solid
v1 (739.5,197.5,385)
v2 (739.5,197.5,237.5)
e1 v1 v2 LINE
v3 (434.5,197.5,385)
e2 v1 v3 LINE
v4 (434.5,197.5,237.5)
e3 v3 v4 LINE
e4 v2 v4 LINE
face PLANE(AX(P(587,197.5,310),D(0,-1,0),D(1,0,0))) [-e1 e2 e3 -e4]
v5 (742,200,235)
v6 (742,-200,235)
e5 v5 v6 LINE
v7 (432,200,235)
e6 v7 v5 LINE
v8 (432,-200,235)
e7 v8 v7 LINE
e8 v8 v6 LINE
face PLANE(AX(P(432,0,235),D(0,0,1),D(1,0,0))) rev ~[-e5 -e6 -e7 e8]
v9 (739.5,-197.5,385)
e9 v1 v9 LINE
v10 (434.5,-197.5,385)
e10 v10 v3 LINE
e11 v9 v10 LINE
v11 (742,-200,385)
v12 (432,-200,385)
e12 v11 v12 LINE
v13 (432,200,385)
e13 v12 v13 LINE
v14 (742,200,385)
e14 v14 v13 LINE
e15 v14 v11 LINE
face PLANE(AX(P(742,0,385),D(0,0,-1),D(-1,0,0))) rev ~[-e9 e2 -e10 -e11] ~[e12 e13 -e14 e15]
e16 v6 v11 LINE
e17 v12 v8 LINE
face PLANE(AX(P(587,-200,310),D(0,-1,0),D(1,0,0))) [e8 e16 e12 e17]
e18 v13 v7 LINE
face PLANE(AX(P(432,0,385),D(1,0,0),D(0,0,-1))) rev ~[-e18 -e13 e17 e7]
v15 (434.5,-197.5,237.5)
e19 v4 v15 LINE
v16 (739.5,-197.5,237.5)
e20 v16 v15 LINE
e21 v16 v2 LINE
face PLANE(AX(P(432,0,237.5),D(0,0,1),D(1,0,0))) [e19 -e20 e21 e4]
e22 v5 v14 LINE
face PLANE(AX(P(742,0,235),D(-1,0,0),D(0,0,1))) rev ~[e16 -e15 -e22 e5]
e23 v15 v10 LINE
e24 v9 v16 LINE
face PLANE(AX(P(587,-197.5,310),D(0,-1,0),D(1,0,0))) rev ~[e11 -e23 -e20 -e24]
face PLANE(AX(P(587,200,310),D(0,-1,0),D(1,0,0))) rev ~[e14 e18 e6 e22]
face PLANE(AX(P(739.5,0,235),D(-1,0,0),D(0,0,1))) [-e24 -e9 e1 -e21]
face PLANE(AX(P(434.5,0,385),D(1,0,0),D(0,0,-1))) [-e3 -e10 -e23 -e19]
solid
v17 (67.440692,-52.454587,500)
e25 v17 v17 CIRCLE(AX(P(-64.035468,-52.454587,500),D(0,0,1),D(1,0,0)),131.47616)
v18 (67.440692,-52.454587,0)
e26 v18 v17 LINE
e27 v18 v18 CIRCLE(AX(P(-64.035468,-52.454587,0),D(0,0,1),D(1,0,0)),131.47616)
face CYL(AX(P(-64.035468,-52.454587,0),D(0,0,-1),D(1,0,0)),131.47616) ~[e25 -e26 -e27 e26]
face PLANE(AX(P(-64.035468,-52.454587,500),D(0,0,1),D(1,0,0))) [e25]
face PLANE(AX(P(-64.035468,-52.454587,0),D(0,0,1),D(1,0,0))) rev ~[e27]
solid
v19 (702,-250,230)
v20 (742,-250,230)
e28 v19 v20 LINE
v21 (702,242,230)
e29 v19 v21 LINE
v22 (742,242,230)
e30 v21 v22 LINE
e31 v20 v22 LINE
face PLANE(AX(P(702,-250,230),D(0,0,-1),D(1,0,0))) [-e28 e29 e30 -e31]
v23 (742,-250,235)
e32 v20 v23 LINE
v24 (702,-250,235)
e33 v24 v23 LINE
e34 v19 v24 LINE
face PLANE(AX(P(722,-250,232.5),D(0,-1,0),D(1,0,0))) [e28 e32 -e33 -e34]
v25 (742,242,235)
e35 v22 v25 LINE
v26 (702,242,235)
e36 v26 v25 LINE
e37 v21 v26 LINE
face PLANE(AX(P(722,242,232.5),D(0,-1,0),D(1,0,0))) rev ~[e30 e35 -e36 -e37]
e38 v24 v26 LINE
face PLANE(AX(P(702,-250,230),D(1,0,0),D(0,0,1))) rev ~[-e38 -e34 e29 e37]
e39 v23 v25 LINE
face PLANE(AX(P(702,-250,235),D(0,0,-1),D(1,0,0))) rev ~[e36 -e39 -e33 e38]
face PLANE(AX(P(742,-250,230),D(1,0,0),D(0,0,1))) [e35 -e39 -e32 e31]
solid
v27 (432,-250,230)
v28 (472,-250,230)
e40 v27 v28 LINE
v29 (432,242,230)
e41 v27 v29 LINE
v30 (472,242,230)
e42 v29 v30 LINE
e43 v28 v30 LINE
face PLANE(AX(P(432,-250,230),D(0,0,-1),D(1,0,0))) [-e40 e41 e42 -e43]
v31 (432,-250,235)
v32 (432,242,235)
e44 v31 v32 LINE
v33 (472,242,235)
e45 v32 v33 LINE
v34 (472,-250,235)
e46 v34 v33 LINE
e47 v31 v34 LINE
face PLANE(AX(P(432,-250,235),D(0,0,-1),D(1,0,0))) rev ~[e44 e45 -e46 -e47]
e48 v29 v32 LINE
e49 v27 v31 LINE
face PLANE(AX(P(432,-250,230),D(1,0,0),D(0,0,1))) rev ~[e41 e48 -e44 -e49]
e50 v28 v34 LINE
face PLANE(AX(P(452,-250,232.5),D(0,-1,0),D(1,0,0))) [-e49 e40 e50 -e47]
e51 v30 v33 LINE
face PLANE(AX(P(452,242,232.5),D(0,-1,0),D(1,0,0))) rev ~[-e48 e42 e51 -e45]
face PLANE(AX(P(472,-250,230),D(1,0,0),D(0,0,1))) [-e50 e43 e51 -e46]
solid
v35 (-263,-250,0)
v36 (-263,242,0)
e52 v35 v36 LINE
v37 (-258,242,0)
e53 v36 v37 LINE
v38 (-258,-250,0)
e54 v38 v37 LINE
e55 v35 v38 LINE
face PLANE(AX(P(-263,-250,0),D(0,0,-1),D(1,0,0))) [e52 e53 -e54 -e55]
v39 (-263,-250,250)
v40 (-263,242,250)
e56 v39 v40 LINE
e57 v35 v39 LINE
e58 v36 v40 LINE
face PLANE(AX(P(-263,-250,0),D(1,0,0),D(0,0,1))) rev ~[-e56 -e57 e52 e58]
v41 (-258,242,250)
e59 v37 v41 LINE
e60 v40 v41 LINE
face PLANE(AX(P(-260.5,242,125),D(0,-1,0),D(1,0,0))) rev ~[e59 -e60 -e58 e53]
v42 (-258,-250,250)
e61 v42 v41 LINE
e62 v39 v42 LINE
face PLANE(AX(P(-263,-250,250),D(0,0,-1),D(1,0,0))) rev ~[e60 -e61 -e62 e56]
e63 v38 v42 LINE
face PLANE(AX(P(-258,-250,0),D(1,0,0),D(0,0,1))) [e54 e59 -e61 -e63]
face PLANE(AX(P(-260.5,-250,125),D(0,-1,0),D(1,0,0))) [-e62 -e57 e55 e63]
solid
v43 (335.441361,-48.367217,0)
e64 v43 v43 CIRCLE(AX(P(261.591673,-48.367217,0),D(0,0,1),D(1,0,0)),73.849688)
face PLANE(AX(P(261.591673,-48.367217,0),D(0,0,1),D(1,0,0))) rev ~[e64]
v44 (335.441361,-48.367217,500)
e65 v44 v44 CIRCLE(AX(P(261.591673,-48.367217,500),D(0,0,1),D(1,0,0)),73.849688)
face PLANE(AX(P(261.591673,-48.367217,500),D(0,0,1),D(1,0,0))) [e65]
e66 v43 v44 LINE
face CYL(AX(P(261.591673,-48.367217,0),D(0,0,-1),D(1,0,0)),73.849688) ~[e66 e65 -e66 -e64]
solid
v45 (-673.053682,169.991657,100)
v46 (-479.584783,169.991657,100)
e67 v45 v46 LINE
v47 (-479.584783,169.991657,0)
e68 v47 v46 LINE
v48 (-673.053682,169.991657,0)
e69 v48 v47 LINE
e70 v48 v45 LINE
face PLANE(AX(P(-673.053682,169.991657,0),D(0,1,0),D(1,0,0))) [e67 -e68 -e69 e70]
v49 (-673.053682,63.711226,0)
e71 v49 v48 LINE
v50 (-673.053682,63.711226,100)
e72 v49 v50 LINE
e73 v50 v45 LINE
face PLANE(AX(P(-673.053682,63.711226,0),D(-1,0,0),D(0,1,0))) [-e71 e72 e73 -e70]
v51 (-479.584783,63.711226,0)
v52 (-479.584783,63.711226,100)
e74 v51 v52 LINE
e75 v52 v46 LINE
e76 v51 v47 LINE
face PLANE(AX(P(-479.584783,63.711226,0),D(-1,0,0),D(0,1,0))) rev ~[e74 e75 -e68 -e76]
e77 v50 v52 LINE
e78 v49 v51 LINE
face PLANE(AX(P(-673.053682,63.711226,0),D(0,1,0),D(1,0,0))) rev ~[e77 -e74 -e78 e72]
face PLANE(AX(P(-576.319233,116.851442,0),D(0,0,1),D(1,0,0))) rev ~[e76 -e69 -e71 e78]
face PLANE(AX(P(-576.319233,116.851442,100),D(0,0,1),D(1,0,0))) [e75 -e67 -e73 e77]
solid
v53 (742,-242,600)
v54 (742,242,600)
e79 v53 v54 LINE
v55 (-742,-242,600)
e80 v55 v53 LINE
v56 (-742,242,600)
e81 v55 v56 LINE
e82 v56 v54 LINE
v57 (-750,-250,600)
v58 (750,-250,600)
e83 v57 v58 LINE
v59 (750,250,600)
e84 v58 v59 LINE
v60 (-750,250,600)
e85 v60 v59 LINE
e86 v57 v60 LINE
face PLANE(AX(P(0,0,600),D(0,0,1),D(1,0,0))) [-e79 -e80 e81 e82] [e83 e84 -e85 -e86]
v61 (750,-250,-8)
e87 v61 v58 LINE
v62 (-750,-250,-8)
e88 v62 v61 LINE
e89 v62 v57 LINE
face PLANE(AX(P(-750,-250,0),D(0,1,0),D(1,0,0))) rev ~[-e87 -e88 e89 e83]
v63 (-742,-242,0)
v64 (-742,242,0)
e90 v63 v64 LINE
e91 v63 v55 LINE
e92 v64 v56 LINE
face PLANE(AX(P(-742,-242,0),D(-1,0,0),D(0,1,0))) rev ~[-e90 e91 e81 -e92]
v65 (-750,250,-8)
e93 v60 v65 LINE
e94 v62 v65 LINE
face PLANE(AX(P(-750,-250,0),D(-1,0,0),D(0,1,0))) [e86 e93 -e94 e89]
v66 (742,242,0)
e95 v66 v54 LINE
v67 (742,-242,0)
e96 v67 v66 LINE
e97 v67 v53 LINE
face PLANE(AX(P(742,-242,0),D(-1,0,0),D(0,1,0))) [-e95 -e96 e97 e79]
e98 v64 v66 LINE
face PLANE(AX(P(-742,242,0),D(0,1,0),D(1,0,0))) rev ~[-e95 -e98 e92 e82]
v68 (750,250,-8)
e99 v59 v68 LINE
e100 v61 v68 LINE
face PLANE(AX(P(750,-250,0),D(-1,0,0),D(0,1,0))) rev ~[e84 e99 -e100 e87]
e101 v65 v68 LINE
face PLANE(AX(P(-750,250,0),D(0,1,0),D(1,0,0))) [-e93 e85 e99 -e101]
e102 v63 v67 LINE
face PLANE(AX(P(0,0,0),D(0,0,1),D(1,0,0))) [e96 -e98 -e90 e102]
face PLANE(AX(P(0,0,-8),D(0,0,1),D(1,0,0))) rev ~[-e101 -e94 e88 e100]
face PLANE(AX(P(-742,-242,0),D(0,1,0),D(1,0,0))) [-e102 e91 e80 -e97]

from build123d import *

# Parameters (mm, degrees)
F0_W          = 1500
F0_H          = 500
F0_W_2        = 1484
F0_H_2        = 484
F1_DEPTH      = 8
F2_DEPTH      = 600
F4_W          = 5
F4_H          = 250
F5_DEPTH      = 492
F4_W_2        = 40
F4_H_2        = 5
F7_DEPTH      = 200
F7_DEPTH_BACK = 200
F8_T          = -2.5
F9_R          = 131.4761602714
F10_DEPTH     = 500
F9_R_2        = 73.8496876532
F11_W         = 193.4688985348
F11_H         = 106.2804311514
F12_DEPTH     = 100


with BuildPart() as f1:
    # F0 (on Top) → F1 (new body)
    with BuildSketch(Plane.XY):
        Rectangle(F0_W, F0_H)
        Rectangle(F0_W_2, F0_H_2, mode=Mode.SUBTRACT)
        Rectangle(F0_W_2, F0_H_2)
    extrude(amount=-F1_DEPTH)


with BuildPart() as f2:
    # F0 (on Top) → F2 (new body)
    with BuildSketch(Plane.XY):
        Rectangle(F0_W, F0_H)
        Rectangle(F0_W_2, F0_H_2, mode=Mode.SUBTRACT)
    extrude(amount=F2_DEPTH)


with BuildPart() as f1_1:
    add(f1.part)

    # F3: union F2
    add(f2.part)


with BuildPart() as f5:
    # F4 (on face) → F5 (new body, through all)
    with BuildSketch(Plane.XZ.offset(250)):
        with Locations((-260.5, 125)):
            Rectangle(F4_W, F4_H)
    extrude(amount=-F5_DEPTH)


with BuildPart() as f5b:
    # F4 (on face) → F5, piece 2 (new body, through all)
    with BuildSketch(Plane.XZ.offset(250)):
        with Locations((722, 232.5)):
            Rectangle(F4_W_2, F4_H_2)
    extrude(amount=-F5_DEPTH)


with BuildPart() as f5c:
    # F4 (on face) → F5, piece 3 (new body, through all)
    with BuildSketch(Plane.XZ.offset(250)):
        with Locations((452, 232.5)):
            Rectangle(F4_W_2, F4_H_2)
    extrude(amount=-F5_DEPTH)


with BuildPart() as f7:
    # F6 (on Front) → F7 (new body, two sides)
    with BuildSketch(Plane.XZ) as f7_sk:
        Polygon((432, 235), (472, 235), (702, 235), (742, 235), (742, 385), (432, 385), align=None)
    extrude(amount=-F7_DEPTH)
    extrude(f7_sk.sketch, amount=F7_DEPTH_BACK)

    # F8
    f8_openings = [f7.faces().sort_by_distance(p)[0] for p in [
        (587, 0, 385),
    ]]
    offset(amount=F8_T, openings=f8_openings)


with BuildPart() as f10:
    # F9 (on face) → F10 (new body)
    with BuildSketch(Plane.XY):
        with Locations((-64.0354678035, -52.4545870721)):
            Circle(F9_R)
    extrude(amount=F10_DEPTH)


with BuildPart() as f10b:
    # F9 (on face) → F10, piece 2 (new body)
    with BuildSketch(Plane.XY):
        with Locations((261.5916728973, -48.3672171831)):
            Circle(F9_R_2)
    extrude(amount=F10_DEPTH)


with BuildPart() as f12:
    # F11 (on face) → F12 (new body)
    with BuildSketch(Plane.XY):
        with Locations((-576.319232583, 116.8514415622)):
            Rectangle(F11_W, F11_H)
    extrude(amount=F12_DEPTH)


solid = Compound([f1_1.part, f5.part, f5b.part, f5c.part, f7.part, f10.part, f10b.part, f12.part])
